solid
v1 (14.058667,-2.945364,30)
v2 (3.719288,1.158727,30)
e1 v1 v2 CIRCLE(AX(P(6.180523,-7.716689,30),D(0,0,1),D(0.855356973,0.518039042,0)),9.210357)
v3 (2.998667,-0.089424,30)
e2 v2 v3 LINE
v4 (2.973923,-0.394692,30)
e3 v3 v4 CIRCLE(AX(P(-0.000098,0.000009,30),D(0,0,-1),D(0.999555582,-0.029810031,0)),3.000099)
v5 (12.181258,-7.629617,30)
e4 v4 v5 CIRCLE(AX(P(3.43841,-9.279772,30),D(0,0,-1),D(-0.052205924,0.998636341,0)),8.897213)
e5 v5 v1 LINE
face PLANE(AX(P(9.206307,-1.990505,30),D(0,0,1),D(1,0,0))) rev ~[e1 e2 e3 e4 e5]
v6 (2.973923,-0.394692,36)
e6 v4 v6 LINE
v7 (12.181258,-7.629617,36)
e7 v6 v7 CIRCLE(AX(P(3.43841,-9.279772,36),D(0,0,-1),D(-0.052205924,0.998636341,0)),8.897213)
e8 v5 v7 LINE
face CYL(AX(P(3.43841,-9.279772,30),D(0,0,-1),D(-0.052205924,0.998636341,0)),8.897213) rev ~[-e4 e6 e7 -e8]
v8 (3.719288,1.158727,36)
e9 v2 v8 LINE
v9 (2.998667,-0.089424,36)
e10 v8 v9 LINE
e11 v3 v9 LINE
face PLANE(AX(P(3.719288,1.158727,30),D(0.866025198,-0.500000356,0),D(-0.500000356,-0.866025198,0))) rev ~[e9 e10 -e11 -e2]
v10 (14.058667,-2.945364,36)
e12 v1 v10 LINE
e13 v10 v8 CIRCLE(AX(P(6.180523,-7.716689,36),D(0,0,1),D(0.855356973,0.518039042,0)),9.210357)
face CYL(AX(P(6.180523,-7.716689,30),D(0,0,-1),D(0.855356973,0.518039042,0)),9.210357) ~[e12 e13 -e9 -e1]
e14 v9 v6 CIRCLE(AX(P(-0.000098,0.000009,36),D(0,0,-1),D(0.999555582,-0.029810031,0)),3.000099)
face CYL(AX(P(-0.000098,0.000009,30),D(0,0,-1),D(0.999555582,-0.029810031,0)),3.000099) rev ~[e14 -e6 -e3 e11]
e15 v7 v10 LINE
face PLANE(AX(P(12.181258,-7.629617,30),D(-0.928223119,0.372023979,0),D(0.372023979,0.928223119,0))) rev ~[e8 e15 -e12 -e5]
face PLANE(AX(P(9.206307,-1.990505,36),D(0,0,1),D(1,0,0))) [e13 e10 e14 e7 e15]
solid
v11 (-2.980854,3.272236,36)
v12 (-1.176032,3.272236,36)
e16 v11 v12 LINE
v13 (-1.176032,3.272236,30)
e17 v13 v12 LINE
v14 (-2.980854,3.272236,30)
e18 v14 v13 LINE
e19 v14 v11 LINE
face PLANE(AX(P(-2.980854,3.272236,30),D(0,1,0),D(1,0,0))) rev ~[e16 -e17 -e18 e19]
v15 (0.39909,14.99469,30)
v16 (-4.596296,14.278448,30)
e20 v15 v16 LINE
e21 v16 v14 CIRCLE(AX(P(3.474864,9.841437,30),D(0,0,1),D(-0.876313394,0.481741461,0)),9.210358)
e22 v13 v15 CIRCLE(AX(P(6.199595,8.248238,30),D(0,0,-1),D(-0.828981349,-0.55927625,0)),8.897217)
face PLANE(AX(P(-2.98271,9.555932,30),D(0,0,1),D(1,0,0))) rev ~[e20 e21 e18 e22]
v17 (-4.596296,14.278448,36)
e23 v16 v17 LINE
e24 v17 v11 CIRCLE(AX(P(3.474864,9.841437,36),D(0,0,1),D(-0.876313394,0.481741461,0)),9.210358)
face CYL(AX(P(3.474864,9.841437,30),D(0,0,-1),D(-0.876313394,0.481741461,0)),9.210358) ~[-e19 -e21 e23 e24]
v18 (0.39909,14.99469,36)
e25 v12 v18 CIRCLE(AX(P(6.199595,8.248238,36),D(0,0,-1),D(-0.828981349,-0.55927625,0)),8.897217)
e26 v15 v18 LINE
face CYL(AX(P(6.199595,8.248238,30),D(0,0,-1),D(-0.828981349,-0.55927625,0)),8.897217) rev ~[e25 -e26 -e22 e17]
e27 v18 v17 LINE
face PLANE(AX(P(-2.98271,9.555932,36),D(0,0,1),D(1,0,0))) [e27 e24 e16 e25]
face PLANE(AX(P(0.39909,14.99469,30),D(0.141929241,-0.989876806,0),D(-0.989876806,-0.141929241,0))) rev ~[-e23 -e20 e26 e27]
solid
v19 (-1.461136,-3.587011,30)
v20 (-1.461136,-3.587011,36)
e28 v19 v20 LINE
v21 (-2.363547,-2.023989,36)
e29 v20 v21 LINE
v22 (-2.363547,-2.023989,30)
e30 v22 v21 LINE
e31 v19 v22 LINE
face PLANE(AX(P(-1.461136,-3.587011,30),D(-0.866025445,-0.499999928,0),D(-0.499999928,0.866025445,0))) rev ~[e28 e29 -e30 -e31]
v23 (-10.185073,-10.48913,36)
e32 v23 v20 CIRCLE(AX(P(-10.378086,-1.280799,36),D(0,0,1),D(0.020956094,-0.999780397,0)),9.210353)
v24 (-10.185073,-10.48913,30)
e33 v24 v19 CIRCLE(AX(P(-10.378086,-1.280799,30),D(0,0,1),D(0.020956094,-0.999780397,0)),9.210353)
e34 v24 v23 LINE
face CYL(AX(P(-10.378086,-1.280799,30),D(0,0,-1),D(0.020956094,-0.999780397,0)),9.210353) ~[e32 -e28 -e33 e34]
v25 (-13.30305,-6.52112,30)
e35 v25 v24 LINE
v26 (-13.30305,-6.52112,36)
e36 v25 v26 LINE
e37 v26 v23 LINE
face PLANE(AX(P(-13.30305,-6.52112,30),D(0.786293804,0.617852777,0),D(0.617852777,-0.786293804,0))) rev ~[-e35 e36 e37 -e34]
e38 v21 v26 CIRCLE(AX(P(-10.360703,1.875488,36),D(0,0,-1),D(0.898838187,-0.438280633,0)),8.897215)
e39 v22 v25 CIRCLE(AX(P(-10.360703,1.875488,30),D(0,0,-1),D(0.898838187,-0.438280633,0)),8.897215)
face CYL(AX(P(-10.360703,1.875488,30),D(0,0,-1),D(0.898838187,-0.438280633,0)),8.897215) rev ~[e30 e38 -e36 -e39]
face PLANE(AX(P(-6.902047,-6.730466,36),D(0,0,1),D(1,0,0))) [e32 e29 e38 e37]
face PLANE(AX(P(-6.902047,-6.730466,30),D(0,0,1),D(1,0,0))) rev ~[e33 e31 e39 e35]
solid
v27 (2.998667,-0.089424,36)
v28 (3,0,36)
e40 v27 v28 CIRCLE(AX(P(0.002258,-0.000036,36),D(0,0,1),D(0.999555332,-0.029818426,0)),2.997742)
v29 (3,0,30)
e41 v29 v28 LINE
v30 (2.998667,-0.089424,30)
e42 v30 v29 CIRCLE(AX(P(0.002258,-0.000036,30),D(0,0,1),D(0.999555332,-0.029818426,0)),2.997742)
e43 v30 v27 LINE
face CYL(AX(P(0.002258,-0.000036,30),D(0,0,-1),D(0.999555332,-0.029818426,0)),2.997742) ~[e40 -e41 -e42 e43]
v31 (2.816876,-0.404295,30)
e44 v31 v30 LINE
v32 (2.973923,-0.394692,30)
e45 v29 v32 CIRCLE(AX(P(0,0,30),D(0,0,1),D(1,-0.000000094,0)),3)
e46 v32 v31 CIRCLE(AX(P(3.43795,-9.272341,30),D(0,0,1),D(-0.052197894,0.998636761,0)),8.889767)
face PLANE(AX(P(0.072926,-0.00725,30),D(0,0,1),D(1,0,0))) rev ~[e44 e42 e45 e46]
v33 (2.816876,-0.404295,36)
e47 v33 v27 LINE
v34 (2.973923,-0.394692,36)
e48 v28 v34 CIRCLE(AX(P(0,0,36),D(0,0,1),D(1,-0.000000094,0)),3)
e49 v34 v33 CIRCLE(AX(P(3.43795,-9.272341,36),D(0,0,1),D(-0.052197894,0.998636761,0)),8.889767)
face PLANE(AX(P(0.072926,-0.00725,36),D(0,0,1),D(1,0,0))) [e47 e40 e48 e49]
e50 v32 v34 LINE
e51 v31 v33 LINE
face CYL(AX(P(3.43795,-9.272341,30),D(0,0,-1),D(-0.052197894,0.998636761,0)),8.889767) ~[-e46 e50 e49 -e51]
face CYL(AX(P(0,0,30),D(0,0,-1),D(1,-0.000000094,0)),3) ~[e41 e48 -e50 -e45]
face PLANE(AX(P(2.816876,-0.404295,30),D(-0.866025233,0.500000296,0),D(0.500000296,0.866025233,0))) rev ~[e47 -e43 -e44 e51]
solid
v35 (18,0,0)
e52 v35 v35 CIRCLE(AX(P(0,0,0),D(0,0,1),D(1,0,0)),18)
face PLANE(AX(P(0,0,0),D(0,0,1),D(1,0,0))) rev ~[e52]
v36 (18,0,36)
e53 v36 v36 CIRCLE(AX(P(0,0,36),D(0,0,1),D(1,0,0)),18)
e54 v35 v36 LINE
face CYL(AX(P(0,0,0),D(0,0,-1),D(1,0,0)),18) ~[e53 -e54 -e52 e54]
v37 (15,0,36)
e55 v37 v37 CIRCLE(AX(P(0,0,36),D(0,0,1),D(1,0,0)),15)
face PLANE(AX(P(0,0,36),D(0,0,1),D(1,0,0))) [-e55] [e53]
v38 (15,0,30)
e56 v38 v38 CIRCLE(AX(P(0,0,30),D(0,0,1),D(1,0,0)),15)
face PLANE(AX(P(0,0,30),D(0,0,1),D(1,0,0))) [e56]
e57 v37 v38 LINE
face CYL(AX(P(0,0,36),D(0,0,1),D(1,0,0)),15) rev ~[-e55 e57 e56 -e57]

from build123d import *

# Parameters (mm, degrees)
F0_R     = 18
F1_DEPTH = 36
F2_R     = 15
F3_DEPTH = 6
F5_DEPTH = 6


with BuildPart() as f1:
    # F0 (on Top) → F1 (new body)
    with BuildSketch(Plane.XY):
        Circle(F0_R)
    extrude(amount=F1_DEPTH)

    # F2 (on face) → F3 (cut)
    with BuildSketch(Plane.XY.offset(36)):
        Circle(F2_R)
    extrude(amount=-F3_DEPTH, mode=Mode.SUBTRACT)


with BuildPart() as f5:
    # F4 (on face) → F5 (new body)
    with BuildSketch(Plane.XY.offset(30)):
        with BuildLine():
            Line((-13.30305, -6.52112), (-10.185073, -10.48913))
            ThreePointArc((-10.185073, -10.48913), (-4.663397, -8.503883), (-1.461136, -3.587011))
            Line((-1.461136, -3.587011), (-2.363547, -2.023989))
            ThreePointArc((-2.363547, -2.023989), (-6.977831, -6.353522), (-13.30305, -6.52112))
        make_face()
        with BuildLine():
            Line((12.181258, -7.629617), (14.058667, -2.945364))
            ThreePointArc((14.058667, -2.945364), (9.578554, 0.843923), (3.719288, 1.158727))
            Line((3.719288, 1.158727), (2.998667, -0.089424))
            ThreePointArc((2.998667, -0.089424), (2.990193, -0.242374), (2.973923, -0.394692))
            ThreePointArc((2.973923, -0.394692), (8.935577, -2.283948), (12.181258, -7.629617))
        make_face()
        with BuildLine():
            ThreePointArc((3, 0), (-2.993474, 0.197776), (2.973923, -0.394692))
            ThreePointArc((2.973923, -0.394692), (2.895379, -0.399146), (2.816876, -0.404295))
            Line((2.816876, -0.404295), (2.998667, -0.089424))
            ThreePointArc((2.998667, -0.089424), (2.999667, -0.044717), (3, 0))
        make_face()
        with BuildLine():
            Line((0.39909, 14.99469), (-4.596296, 14.278448))
            ThreePointArc((-4.596296, 14.278448), (-5.637859, 8.503912), (-2.980854, 3.272236))
            Line((-2.980854, 3.272236), (-1.176032, 3.272236))
            ThreePointArc((-1.176032, 3.272236), (-2.618375, 9.433091), (0.39909, 14.99469))
        make_face()
    extrude(amount=F5_DEPTH)


solid = Compound([f1.part, f5.part])
